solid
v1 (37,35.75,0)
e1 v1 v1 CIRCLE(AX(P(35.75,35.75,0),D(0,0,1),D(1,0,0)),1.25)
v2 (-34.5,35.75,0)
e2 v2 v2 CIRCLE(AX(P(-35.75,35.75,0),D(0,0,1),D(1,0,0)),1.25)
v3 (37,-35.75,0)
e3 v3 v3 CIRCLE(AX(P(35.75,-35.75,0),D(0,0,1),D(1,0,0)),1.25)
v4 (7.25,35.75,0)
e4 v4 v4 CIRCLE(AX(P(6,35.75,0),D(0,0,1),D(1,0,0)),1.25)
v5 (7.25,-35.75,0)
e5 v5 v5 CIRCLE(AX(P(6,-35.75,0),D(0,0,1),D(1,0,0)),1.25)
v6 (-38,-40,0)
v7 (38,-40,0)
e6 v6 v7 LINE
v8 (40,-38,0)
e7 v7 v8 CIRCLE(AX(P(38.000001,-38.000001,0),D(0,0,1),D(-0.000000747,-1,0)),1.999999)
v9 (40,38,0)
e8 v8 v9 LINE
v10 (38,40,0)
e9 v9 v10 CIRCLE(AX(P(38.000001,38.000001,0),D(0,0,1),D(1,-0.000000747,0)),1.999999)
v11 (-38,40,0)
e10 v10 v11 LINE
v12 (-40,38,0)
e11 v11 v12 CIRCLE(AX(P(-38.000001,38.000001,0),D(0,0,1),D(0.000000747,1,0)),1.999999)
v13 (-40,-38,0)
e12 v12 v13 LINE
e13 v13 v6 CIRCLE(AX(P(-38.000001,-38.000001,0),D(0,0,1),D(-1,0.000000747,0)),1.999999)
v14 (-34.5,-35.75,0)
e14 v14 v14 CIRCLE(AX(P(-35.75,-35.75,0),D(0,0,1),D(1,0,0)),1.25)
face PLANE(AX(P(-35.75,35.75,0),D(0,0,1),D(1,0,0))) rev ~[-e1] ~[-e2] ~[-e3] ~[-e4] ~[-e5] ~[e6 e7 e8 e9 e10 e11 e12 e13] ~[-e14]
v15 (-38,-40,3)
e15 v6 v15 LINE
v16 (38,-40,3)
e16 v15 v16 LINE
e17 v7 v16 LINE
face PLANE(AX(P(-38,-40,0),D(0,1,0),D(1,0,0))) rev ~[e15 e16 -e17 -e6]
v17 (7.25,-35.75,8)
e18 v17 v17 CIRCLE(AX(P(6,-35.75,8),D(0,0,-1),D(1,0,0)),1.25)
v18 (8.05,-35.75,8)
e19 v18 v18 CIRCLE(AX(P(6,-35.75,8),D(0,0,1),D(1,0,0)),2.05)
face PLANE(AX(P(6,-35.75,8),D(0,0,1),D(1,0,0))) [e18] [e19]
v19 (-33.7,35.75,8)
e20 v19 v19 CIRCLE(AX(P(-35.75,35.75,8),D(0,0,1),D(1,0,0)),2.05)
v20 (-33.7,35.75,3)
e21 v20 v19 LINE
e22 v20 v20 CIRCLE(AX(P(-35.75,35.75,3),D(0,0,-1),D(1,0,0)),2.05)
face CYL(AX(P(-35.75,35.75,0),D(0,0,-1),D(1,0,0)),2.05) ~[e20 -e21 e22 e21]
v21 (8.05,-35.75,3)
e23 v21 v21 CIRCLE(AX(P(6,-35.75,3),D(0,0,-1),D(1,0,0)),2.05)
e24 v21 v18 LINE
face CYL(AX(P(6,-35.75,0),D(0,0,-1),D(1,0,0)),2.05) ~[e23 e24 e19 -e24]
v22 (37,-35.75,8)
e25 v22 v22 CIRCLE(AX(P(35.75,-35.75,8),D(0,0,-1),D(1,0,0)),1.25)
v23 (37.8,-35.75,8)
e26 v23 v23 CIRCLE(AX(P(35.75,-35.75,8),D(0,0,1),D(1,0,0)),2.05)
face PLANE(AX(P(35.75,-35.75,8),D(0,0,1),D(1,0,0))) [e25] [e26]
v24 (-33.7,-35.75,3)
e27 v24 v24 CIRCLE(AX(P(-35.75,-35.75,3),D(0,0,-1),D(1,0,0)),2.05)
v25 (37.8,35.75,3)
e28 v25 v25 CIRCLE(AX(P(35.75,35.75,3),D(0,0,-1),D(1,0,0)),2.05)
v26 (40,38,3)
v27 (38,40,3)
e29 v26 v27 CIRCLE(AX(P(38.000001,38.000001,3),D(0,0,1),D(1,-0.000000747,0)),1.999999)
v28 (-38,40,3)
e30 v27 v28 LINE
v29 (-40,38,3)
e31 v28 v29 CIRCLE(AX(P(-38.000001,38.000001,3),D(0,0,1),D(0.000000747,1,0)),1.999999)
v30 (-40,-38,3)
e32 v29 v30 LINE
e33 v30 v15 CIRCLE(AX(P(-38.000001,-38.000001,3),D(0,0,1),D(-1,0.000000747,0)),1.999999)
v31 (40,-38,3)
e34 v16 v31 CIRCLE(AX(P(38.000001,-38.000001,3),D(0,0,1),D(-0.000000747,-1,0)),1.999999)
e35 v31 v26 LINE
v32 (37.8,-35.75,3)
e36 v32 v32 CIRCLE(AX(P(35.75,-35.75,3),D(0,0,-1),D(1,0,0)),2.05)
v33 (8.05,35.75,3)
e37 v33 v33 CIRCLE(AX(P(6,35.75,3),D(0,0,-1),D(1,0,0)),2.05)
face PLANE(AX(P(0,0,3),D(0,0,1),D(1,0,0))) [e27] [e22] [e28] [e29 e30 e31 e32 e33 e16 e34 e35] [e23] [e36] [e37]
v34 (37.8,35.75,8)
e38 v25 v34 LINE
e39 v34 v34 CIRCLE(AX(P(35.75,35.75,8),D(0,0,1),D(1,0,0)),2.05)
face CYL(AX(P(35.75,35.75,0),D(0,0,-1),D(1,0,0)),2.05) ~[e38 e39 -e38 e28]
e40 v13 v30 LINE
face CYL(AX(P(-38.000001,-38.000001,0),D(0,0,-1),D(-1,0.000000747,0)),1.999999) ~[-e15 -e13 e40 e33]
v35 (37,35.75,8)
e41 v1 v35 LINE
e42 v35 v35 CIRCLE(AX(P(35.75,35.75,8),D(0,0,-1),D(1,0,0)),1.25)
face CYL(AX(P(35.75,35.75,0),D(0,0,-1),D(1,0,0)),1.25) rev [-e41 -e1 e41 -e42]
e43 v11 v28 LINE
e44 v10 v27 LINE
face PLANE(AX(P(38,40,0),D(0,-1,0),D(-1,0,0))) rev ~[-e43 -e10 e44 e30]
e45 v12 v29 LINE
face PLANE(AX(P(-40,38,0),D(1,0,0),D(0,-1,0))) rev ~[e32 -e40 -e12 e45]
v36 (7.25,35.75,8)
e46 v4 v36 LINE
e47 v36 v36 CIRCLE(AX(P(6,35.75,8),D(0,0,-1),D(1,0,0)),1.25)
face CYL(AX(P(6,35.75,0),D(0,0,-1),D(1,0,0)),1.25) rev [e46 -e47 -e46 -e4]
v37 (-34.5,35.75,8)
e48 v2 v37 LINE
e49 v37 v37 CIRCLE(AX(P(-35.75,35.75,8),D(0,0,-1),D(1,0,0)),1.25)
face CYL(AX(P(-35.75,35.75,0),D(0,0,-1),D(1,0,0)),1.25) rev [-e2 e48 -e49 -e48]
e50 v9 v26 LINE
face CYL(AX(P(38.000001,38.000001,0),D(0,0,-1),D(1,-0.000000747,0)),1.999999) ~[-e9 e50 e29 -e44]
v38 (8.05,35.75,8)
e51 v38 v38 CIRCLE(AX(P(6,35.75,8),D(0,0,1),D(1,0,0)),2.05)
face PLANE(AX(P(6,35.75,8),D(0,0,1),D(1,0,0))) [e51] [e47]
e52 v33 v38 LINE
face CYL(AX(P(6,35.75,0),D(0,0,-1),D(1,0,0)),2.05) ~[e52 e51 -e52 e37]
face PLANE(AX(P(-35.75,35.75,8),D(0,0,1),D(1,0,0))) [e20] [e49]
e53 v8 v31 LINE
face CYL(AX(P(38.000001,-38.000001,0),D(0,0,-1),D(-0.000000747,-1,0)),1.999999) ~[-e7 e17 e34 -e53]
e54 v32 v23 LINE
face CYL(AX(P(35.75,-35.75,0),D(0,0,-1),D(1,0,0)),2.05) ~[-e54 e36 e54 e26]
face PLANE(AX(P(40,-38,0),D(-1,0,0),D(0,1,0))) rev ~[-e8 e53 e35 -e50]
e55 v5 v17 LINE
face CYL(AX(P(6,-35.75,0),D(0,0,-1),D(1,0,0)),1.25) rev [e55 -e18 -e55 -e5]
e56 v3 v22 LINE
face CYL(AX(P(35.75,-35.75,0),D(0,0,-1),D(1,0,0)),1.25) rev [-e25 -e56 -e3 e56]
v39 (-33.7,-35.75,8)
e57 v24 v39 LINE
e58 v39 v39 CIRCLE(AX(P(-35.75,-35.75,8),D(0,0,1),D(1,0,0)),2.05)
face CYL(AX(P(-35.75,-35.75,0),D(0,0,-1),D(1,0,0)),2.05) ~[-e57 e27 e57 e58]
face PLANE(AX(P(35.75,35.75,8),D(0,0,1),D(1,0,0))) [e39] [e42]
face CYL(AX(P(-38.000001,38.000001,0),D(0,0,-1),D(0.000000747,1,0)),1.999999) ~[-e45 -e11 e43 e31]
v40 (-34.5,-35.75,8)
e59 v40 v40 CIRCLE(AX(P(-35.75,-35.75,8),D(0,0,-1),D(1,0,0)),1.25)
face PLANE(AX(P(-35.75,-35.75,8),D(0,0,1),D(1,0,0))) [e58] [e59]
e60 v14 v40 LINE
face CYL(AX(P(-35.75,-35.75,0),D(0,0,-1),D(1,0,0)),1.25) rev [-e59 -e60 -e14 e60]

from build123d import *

# Parameters (mm, degrees)
F3_DEPTH = 3
F1_R     = 2.05
F4_DEPTH = 8
F2_R     = 1.25
F5_DEPTH = 8.001


with BuildPart() as f3:
    # F0 (on Top) → F3 (new body)
    with BuildSketch(Plane.XY):
        with BuildLine():
            Line((38, 40), (-38, 40))
            ThreePointArc((-38, 40), (-39.414214, 39.414214), (-40, 38))
            Line((-40, 38), (-40, -38))
            ThreePointArc((-40, -38), (-39.414214, -39.414214), (-38, -40))
            Line((-38, -40), (38, -40))
            ThreePointArc((38, -40), (39.414214, -39.414214), (40, -38))
            Line((40, -38), (40, 38))
            ThreePointArc((40, 38), (39.414214, 39.414214), (38, 40))
        make_face()
    extrude(amount=F3_DEPTH)

    # F1 (on Top) → F4 (join)
    with BuildSketch(Plane.XY):
        with Locations((-35.75, 35.75)):
            Circle(F1_R)
        with Locations((6, 35.75)):
            Circle(F1_R)
        with Locations((35.75, 35.75)):
            Circle(F1_R)
        with Locations((35.75, -35.75)):
            Circle(F1_R)
        with Locations((6, -35.75)):
            Circle(F1_R)
        with Locations((-35.75, -35.75)):
            Circle(F1_R)
    extrude(amount=F4_DEPTH)

    # F2 (on Top) → F5 (cut, through all)
    with BuildSketch(Plane.XY):
        with Locations((-35.75, 35.75)):
            Circle(F2_R)
        with Locations((6, 35.75)):
            Circle(F2_R)
        with Locations((35.75, 35.75)):
            Circle(F2_R)
        with Locations((35.75, -35.75)):
            Circle(F2_R)
        with Locations((6, -35.75)):
            Circle(F2_R)
        with Locations((-35.75, -35.75)):
            Circle(F2_R)
    extrude(amount=F5_DEPTH, mode=Mode.SUBTRACT)


solid = f3.part
